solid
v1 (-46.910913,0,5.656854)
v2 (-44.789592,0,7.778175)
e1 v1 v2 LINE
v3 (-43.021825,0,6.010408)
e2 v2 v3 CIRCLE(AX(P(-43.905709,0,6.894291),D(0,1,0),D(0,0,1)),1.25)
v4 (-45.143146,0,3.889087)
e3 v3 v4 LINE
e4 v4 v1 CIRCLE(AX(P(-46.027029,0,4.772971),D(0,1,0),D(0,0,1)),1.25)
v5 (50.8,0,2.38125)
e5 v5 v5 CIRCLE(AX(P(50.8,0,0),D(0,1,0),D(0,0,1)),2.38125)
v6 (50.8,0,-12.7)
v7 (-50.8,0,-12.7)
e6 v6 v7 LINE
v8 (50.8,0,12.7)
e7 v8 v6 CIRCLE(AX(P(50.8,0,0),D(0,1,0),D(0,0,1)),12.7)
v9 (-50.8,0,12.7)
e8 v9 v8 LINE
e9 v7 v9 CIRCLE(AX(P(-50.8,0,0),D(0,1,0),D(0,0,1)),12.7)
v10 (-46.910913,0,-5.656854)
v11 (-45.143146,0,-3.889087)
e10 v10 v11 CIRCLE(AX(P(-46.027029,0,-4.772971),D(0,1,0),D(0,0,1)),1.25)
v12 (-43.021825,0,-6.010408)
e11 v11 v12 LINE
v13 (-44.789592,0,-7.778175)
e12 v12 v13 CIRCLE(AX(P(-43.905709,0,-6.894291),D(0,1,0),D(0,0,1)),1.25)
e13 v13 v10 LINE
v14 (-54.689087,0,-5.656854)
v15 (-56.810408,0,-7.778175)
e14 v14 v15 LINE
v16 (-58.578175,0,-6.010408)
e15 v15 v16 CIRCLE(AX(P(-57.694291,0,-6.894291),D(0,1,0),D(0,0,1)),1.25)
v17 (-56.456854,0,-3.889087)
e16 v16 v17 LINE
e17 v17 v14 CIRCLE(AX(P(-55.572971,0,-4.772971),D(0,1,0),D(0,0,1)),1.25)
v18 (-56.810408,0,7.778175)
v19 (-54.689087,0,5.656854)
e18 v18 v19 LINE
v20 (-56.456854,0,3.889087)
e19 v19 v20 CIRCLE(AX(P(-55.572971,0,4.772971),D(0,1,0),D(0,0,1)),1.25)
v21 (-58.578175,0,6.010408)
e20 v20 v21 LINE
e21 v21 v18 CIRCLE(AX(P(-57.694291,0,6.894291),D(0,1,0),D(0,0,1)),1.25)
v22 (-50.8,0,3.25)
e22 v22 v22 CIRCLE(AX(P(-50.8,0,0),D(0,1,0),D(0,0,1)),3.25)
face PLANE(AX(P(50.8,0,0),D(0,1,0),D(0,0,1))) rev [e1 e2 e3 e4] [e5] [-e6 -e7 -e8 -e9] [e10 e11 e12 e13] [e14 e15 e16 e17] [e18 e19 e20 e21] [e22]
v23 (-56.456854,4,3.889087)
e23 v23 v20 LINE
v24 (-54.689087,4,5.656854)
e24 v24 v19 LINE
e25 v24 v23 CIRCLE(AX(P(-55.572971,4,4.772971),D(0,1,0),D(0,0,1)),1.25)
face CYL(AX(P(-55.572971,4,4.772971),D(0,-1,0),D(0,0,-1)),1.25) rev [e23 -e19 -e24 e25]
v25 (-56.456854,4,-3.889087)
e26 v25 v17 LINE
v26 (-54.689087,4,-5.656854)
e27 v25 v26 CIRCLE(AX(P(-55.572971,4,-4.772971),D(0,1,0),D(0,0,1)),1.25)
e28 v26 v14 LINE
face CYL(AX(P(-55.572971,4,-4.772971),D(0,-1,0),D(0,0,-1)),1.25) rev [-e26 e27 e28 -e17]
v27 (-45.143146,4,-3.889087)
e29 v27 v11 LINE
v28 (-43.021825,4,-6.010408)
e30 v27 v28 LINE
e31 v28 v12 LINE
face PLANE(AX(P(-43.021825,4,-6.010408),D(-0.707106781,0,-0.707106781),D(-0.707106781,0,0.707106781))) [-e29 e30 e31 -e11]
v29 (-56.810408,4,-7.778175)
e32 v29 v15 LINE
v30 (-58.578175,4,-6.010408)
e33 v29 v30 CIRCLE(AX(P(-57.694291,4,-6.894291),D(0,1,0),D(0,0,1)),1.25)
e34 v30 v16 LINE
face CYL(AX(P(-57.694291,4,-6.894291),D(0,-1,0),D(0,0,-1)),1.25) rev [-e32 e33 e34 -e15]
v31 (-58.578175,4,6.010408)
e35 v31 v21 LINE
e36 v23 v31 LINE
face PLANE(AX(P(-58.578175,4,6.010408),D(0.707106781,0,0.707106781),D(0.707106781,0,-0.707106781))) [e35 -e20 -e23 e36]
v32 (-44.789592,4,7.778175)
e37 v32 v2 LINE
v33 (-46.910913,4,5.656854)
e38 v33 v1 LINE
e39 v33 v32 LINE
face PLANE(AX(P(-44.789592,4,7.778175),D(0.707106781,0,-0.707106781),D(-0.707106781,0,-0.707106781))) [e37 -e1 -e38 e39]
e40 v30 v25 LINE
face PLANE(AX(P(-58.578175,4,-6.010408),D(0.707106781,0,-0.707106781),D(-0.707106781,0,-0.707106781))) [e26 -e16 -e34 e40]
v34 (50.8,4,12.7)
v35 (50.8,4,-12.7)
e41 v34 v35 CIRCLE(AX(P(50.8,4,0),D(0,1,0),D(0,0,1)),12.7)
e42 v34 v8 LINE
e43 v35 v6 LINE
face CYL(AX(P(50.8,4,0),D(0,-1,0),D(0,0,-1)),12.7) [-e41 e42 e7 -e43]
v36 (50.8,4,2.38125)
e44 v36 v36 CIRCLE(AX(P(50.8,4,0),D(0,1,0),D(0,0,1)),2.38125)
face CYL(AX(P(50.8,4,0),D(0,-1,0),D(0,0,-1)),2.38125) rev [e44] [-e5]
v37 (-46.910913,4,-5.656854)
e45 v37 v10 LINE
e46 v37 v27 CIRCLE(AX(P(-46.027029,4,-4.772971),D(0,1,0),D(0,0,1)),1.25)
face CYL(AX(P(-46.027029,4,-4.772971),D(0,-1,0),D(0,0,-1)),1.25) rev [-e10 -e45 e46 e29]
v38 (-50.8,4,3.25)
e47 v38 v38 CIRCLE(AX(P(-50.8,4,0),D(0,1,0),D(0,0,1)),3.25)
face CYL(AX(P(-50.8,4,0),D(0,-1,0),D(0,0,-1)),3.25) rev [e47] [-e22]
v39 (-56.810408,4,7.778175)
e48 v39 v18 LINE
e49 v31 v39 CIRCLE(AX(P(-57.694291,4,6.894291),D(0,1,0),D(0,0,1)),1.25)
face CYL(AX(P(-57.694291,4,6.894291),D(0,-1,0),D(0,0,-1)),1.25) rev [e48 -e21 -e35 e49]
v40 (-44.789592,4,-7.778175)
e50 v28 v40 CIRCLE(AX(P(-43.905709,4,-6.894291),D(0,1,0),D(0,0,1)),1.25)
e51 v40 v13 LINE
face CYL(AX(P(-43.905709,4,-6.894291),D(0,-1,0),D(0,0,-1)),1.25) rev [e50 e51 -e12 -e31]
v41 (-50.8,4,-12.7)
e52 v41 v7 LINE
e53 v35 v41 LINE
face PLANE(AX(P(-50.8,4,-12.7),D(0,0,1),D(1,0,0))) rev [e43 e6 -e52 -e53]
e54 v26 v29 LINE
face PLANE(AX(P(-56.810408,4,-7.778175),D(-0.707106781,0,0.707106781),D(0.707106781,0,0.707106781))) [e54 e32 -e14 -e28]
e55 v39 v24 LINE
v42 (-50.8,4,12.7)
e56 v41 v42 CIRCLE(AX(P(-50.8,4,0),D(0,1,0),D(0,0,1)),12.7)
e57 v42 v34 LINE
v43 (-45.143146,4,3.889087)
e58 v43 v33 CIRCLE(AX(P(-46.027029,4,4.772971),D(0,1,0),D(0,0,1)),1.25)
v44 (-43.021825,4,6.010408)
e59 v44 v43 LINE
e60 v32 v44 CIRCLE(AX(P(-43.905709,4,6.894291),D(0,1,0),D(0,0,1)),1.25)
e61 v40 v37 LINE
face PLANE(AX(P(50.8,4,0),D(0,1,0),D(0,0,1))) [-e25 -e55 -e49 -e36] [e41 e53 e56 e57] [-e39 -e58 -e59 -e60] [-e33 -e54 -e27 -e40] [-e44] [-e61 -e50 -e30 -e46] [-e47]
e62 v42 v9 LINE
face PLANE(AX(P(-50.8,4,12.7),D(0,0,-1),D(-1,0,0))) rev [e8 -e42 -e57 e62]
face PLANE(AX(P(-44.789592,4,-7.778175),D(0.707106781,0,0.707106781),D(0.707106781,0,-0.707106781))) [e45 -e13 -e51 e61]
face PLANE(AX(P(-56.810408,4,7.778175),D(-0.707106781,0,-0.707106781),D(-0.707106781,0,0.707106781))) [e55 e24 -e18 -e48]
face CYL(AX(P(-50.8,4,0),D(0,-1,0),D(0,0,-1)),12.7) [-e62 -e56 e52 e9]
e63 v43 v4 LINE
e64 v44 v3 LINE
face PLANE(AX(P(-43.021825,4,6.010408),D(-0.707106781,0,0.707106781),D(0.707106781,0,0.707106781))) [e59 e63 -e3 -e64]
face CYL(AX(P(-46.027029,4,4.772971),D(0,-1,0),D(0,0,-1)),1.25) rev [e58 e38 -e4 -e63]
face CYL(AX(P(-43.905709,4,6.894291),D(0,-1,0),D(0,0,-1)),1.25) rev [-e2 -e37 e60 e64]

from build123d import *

# Parameters (mm, degrees)
SKETCH1_R           = 3.25
SKETCH1_R_2         = 2.38125
BOSS_EXTRUDE1_DEPTH = 4


with BuildPart() as part:
    # Sketch1 → Boss-Extrude1 (new body)
    with BuildSketch(Plane(origin=(0, 0, 0), x_dir=(1, 0, 0), z_dir=(0, 1, 0))):
        with BuildLine():
            Line((-50.8, 12.7), (50.8, 12.7))
            ThreePointArc((50.8, 12.7), (63.5, 0), (50.8, -12.7))
            Line((50.8, -12.7), (-50.8, -12.7))
            ThreePointArc((-50.8, -12.7), (-63.5, 0), (-50.8, 12.7))
        make_face()
        with Locations(Location((-50.8, 0, 0), (0, 0, 270))):
            Circle(SKETCH1_R, mode=Mode.SUBTRACT)
        with Locations(Location((50.8, 0, 0), (0, 0, 270))):
            Circle(SKETCH1_R_2, mode=Mode.SUBTRACT)
        with BuildLine():
            Line((-56.81040764, 7.778174593), (-54.689087297, 5.656854249))
            ThreePointArc((-54.689087297, 5.656854249), (-54.689087297, 3.889087297), (-56.456854249, 3.889087297))
            Line((-56.456854249, 3.889087297), (-58.578174593, 6.01040764))
            ThreePointArc((-58.578174593, 6.01040764), (-58.578174593, 7.778174593), (-56.81040764, 7.778174593))
        make_face(mode=Mode.SUBTRACT)
        with BuildLine():
            Line((-43.021825407, 6.01040764), (-45.143145751, 3.889087297))
            ThreePointArc((-45.143145751, 3.889087297), (-46.910912703, 3.889087297), (-46.910912703, 5.656854249))
            Line((-46.910912703, 5.656854249), (-44.78959236, 7.778174593))
            ThreePointArc((-44.78959236, 7.778174593), (-43.021825407, 7.778174593), (-43.021825407, 6.01040764))
        make_face(mode=Mode.SUBTRACT)
        with BuildLine():
            Line((-44.78959236, -7.778174593), (-46.910912703, -5.656854249))
            ThreePointArc((-46.910912703, -5.656854249), (-46.910912703, -3.889087297), (-45.143145751, -3.889087297))
            Line((-45.143145751, -3.889087297), (-43.021825407, -6.01040764))
            ThreePointArc((-43.021825407, -6.01040764), (-43.021825407, -7.778174593), (-44.78959236, -7.778174593))
        make_face(mode=Mode.SUBTRACT)
        with BuildLine():
            Line((-58.578174593, -6.01040764), (-56.456854249, -3.889087297))
            ThreePointArc((-56.456854249, -3.889087297), (-54.689087297, -3.889087297), (-54.689087297, -5.656854249))
            Line((-54.689087297, -5.656854249), (-56.81040764, -7.778174593))
            ThreePointArc((-56.81040764, -7.778174593), (-58.578174593, -7.778174593), (-58.578174593, -6.01040764))
        make_face(mode=Mode.SUBTRACT)
    extrude(amount=BOSS_EXTRUDE1_DEPTH)


solid = part.part
